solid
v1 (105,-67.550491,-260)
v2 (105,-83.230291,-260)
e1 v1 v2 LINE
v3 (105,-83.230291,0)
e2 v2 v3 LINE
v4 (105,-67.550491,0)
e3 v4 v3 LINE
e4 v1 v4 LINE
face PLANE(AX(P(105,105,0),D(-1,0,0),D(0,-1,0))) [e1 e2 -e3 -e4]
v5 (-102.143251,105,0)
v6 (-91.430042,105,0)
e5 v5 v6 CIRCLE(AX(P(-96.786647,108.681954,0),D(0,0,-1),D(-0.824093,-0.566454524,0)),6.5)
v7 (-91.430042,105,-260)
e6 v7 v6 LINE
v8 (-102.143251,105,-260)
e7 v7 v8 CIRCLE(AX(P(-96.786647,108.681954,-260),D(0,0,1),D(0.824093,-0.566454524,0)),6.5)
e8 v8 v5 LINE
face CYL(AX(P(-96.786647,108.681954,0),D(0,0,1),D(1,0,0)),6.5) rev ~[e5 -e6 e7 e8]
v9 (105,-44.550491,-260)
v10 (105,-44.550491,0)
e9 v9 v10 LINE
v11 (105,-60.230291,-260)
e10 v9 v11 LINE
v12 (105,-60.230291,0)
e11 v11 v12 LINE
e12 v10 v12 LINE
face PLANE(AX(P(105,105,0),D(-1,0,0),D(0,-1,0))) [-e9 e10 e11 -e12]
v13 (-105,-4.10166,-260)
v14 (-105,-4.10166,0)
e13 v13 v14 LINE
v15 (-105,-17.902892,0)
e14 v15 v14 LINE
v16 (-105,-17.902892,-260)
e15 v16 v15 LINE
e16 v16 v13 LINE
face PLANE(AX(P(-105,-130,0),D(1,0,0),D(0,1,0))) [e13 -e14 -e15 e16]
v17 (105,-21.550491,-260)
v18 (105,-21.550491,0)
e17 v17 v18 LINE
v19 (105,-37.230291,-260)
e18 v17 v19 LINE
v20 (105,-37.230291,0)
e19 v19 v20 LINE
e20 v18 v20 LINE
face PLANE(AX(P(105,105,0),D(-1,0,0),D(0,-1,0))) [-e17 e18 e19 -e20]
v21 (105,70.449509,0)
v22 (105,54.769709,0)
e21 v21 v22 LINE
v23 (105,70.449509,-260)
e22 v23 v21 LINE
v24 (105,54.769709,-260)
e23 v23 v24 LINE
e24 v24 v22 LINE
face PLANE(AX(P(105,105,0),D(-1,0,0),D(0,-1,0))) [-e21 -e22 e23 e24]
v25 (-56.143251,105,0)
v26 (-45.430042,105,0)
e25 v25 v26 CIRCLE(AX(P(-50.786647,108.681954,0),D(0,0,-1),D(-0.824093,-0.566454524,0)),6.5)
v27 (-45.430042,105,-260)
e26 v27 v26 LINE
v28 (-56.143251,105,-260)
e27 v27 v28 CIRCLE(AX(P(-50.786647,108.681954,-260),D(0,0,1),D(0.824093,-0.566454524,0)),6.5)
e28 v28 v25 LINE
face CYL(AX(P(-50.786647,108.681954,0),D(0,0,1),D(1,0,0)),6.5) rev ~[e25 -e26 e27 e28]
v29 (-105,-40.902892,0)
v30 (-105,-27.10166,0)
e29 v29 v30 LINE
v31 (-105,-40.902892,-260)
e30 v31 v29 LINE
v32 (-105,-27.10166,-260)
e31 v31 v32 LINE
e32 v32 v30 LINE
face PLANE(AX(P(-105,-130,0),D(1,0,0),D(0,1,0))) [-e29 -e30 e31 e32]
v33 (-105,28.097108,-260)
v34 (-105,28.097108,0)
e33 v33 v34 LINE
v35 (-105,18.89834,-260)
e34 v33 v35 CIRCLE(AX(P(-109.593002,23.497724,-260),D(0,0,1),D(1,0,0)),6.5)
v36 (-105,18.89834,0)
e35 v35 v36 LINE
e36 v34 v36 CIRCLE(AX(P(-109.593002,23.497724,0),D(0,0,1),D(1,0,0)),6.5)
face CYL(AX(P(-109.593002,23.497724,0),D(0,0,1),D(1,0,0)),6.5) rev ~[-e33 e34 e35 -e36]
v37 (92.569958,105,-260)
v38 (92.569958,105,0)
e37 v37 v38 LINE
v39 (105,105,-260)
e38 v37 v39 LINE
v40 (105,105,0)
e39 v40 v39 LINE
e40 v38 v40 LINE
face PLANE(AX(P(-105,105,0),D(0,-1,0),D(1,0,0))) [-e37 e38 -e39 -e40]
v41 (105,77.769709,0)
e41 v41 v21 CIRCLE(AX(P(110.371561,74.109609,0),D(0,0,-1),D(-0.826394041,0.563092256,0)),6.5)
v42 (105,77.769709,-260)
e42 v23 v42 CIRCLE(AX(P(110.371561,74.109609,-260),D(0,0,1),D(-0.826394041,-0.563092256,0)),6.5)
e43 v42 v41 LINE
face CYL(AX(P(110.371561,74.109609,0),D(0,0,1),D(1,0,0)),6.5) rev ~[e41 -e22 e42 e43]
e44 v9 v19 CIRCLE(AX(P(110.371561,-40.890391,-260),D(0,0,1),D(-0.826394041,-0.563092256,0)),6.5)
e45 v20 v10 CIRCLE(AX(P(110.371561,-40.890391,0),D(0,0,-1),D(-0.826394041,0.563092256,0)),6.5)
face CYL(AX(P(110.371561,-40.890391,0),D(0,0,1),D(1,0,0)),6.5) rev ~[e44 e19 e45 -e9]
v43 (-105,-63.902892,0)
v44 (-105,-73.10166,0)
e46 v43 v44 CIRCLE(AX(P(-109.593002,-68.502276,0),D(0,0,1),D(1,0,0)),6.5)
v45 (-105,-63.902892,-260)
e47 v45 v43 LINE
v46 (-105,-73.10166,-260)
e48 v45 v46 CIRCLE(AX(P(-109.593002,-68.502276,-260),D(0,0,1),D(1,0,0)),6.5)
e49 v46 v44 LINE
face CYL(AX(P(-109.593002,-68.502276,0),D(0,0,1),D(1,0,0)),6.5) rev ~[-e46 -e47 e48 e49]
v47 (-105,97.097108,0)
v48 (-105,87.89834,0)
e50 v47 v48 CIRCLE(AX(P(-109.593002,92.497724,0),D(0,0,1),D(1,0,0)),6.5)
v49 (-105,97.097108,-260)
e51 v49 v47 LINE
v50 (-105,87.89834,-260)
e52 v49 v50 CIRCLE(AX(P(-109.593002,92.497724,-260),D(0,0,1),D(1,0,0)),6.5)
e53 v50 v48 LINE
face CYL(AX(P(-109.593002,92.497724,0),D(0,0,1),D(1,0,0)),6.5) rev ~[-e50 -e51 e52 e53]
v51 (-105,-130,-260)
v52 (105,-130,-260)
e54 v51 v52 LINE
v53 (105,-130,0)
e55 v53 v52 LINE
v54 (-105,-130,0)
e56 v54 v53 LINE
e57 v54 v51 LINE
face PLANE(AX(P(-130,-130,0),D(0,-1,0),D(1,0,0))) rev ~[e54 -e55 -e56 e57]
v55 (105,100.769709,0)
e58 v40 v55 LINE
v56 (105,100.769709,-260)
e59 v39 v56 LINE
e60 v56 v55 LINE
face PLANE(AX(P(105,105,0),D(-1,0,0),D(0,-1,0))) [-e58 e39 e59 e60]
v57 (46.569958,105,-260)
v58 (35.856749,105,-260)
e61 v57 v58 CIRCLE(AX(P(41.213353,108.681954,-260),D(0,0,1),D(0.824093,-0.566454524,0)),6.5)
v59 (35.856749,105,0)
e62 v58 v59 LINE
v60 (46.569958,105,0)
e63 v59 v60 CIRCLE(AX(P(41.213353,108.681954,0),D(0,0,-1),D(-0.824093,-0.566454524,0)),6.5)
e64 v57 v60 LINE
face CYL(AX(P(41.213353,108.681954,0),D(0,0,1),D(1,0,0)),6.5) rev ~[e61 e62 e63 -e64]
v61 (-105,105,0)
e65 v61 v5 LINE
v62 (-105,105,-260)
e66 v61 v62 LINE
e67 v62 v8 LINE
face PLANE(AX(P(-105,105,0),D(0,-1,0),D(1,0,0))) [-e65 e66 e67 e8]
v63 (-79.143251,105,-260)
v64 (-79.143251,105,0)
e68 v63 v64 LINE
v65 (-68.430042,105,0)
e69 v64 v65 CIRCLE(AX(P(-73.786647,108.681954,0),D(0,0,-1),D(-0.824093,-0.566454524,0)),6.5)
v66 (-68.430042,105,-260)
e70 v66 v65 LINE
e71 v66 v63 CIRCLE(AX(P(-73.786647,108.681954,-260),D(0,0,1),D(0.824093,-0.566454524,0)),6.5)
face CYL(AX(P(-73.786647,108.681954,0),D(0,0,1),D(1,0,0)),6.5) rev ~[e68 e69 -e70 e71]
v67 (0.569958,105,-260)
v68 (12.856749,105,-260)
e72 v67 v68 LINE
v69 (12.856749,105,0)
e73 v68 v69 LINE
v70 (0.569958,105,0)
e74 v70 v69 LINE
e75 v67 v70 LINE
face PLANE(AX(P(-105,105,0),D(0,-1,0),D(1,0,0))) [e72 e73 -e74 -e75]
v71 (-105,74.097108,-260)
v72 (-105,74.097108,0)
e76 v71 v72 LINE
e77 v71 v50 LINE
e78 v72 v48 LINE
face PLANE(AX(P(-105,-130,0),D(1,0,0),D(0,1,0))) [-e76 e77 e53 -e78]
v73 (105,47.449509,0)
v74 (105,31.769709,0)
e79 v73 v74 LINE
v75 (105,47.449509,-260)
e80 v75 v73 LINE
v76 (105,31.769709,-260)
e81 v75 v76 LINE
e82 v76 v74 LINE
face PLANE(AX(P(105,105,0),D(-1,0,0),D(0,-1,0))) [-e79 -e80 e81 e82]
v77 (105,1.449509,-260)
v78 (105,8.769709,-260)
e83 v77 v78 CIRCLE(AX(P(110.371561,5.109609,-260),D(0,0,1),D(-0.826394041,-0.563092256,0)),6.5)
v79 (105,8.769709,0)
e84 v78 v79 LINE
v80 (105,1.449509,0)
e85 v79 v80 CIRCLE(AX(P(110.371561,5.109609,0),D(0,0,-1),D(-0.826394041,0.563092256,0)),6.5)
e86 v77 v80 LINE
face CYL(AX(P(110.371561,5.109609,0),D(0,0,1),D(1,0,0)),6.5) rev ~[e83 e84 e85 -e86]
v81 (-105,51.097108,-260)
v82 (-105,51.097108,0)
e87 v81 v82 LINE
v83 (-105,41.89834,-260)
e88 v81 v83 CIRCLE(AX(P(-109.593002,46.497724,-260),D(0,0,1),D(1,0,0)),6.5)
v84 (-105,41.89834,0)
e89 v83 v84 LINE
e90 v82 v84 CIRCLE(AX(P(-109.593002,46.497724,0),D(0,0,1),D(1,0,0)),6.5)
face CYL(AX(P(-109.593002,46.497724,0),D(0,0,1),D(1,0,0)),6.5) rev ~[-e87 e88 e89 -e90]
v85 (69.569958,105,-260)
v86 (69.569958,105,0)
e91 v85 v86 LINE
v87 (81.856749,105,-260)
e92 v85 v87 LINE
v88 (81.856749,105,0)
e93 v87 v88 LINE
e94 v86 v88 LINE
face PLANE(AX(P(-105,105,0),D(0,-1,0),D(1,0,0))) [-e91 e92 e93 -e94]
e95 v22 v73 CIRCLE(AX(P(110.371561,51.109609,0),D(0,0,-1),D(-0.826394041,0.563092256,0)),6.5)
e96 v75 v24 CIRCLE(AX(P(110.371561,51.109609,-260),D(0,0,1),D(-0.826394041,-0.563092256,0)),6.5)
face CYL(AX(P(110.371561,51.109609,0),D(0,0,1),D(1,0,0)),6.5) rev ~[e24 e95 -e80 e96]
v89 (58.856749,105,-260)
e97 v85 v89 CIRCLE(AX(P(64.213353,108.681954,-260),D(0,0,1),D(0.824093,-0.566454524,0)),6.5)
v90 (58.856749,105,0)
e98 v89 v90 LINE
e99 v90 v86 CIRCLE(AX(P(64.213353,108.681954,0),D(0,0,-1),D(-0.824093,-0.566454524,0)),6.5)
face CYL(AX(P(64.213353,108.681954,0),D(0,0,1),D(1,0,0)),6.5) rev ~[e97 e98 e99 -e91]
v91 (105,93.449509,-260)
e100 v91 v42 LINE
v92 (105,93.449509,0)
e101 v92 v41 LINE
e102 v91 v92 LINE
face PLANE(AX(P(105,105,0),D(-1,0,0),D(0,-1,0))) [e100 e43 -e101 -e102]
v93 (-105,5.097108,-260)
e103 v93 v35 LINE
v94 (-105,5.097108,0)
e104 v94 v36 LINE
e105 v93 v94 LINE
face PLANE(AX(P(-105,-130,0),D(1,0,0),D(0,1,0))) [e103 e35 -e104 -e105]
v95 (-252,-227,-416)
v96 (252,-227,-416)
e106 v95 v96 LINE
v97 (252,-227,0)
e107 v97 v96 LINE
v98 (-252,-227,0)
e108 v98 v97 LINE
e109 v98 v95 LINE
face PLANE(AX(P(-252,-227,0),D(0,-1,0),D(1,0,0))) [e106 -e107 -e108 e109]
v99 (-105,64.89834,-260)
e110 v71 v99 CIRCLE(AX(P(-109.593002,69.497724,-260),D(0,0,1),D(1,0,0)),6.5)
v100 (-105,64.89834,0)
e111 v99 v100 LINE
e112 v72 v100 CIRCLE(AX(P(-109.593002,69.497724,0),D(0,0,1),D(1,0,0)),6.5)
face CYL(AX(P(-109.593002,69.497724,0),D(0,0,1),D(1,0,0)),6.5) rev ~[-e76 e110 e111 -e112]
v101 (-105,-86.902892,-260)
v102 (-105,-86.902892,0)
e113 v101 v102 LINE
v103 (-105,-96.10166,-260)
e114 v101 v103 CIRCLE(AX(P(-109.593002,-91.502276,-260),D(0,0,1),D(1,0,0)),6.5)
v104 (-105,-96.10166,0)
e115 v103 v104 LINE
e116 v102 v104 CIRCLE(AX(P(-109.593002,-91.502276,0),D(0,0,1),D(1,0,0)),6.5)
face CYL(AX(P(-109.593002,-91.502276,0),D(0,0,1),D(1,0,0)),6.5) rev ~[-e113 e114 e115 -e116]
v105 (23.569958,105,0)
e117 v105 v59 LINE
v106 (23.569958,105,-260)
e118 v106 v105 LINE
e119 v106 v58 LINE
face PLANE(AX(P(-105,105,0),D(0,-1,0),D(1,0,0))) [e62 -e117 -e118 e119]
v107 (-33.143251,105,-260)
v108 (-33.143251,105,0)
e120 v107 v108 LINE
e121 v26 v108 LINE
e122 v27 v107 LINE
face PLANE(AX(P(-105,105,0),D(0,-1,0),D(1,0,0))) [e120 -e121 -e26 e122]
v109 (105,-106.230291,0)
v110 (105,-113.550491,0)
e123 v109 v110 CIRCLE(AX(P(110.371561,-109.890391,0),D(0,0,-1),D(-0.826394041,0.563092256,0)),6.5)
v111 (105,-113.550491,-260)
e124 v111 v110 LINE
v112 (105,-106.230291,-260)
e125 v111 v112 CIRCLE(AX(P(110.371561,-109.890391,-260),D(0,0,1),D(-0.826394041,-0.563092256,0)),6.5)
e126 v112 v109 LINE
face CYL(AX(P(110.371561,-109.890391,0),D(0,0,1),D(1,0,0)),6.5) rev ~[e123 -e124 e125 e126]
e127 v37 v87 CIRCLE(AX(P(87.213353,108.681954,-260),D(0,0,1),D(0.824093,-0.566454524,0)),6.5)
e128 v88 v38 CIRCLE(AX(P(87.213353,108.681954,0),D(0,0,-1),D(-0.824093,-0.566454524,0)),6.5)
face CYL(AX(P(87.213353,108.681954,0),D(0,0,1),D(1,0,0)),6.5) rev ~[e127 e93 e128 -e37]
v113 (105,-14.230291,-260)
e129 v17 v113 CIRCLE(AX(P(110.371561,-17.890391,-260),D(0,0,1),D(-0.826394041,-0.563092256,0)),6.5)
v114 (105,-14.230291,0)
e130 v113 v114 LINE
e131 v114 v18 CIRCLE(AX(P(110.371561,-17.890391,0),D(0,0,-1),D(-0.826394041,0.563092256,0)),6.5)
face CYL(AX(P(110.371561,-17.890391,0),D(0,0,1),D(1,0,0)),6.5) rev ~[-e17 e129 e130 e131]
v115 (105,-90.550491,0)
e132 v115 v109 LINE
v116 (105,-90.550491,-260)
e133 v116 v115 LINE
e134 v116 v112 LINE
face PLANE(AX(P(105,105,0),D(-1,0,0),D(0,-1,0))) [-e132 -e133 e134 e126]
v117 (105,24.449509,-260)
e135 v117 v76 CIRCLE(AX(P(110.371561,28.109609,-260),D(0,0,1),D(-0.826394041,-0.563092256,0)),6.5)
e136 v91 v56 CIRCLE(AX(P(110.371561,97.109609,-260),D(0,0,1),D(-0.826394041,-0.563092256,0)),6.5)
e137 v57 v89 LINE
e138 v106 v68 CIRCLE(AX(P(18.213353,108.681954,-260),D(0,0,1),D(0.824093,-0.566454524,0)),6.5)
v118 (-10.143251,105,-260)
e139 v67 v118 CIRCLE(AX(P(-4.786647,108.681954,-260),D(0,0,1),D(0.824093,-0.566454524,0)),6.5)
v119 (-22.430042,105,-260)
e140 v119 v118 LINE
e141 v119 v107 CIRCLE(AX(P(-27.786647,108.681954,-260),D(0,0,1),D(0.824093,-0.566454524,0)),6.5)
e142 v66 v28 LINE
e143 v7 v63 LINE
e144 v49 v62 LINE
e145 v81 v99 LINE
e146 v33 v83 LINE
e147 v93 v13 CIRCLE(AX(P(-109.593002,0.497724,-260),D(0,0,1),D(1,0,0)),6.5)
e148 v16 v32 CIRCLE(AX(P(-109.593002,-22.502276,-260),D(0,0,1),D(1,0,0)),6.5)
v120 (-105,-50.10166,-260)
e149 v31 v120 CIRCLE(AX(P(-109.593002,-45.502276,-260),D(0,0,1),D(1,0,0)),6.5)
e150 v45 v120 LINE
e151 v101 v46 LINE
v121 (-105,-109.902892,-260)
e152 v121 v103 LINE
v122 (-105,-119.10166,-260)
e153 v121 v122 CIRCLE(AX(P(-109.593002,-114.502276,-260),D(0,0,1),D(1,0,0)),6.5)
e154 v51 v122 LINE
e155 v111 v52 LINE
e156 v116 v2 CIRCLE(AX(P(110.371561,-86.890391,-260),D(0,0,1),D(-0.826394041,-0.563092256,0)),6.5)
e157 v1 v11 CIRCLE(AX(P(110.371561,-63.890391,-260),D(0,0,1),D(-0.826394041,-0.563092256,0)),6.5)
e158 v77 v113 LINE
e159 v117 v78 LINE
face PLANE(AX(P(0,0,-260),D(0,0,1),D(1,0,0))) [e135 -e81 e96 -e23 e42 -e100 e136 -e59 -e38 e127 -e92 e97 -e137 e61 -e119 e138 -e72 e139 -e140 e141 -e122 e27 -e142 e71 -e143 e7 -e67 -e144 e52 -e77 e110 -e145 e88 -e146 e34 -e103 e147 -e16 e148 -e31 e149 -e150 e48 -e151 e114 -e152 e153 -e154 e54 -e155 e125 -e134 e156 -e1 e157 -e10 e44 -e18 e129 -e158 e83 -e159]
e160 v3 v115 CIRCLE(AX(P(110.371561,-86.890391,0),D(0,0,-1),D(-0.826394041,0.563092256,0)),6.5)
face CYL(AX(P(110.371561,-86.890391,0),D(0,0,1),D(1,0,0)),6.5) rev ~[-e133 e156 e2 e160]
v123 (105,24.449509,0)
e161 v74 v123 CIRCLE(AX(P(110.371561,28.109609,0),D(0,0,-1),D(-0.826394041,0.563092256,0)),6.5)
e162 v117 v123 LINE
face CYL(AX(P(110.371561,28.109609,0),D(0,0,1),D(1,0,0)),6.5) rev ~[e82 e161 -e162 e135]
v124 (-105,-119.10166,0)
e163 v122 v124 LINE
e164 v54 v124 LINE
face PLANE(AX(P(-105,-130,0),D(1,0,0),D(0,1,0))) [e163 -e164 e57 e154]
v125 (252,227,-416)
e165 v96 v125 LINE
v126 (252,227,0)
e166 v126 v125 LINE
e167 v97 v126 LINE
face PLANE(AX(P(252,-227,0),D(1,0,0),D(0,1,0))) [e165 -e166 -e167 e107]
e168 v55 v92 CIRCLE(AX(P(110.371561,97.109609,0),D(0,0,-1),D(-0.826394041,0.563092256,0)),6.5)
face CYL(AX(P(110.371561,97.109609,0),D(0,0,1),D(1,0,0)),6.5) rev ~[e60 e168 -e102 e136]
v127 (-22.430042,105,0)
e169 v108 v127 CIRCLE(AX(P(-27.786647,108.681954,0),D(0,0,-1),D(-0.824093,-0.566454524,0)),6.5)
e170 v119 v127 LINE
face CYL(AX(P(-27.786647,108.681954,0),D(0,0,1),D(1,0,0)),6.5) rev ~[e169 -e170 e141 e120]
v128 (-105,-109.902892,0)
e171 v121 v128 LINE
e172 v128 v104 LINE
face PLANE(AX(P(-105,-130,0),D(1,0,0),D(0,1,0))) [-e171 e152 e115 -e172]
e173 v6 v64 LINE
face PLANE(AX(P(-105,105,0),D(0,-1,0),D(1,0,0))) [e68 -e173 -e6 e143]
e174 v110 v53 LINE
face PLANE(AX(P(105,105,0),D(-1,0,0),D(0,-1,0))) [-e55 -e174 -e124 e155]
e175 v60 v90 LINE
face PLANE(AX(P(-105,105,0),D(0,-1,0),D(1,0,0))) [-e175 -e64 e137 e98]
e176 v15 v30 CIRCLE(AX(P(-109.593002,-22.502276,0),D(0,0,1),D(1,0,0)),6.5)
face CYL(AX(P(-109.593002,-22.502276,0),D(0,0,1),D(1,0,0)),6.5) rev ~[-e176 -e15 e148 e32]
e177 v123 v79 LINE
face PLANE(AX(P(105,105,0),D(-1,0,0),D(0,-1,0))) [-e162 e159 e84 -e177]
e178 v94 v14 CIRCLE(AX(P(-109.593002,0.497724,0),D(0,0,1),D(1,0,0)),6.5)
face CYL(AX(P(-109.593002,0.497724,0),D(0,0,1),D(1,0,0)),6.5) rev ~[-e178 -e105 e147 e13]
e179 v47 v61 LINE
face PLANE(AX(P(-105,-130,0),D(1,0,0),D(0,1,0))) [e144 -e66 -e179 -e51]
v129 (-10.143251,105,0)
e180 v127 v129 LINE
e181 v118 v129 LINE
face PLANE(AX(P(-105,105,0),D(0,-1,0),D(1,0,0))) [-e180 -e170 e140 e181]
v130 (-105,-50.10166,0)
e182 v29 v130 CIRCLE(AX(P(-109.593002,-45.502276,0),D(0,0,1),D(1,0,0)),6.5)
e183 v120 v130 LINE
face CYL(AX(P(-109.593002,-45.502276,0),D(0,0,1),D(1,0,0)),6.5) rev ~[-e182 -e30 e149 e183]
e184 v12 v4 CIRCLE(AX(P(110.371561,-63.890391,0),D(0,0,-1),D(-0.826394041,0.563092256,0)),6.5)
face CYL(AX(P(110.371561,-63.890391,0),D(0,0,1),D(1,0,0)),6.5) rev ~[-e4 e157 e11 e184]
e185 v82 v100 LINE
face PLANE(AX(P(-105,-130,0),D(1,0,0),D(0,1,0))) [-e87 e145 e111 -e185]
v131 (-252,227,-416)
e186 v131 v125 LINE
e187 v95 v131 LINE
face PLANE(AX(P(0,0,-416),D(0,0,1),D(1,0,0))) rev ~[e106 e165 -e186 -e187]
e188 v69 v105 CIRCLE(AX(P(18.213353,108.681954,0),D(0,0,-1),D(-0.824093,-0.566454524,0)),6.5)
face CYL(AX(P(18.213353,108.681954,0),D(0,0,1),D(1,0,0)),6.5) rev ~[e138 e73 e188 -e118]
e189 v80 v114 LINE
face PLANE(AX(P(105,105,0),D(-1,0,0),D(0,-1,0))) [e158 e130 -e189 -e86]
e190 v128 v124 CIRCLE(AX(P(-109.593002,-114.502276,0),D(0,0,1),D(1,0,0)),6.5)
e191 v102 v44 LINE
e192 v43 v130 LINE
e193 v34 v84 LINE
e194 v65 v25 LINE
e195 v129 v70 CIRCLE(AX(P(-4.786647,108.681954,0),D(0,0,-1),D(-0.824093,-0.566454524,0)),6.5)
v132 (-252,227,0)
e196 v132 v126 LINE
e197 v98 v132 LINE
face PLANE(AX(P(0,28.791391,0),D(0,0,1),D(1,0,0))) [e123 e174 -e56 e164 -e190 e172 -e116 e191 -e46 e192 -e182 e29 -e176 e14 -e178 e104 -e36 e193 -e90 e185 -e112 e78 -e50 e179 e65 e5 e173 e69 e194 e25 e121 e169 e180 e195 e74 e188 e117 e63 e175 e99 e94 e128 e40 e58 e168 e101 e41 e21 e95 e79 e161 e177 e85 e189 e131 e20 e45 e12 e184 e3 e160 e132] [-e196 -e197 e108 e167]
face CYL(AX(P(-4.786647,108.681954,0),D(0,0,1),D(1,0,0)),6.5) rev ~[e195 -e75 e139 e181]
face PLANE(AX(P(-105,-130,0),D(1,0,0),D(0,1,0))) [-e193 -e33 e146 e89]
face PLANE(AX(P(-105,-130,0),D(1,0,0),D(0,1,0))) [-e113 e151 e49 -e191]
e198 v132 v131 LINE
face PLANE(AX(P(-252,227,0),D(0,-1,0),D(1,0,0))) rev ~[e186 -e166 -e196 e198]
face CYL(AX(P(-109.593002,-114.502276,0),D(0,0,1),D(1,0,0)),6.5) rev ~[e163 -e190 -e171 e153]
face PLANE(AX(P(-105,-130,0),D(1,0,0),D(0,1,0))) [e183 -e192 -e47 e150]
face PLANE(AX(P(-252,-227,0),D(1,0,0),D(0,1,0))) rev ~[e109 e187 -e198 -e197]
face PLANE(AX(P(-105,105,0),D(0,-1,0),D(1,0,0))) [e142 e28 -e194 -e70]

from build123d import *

# Parameters (mm, degrees)
SKETCH1_W           = 504
SKETCH1_H           = 454
BOSS_EXTRUDE1_DEPTH = 416
SKETCH2_W           = 260
SKETCH2_H           = 260
CUT_EXTRUDE1_DEPTH  = 260
BOSS_EXTRUDE2_DEPTH = 260
SKETCH6_R           = 6.5
CUT_EXTRUDE2_DEPTH  = 260
LPATTERN3_COUNT     = 10
LPATTERN3_PITCH     = 23
SKETCH7_R           = 6.5
CUT_EXTRUDE3_DEPTH  = 260
LPATTERN4_COUNT     = 10
LPATTERN4_PITCH     = 23
SKETCH8_R           = 6.5
CUT_EXTRUDE4_DEPTH  = 260
LPATTERN5_COUNT     = 9
LPATTERN5_PITCH     = 23


with BuildPart() as part:
    # Sketch1 → Boss-Extrude1 (new body)
    with BuildSketch(Plane.XY):
        Rectangle(SKETCH1_W, SKETCH1_H)
    extrude(amount=-BOSS_EXTRUDE1_DEPTH)

    # Sketch2 → Cut-Extrude1 (cut)
    with BuildSketch(Plane.XY):
        Rectangle(SKETCH2_W, SKETCH2_H)
    extrude(amount=-CUT_EXTRUDE1_DEPTH, mode=Mode.SUBTRACT)

    # Sketch5 → Boss-Extrude2 (add)
    with BuildSketch(Plane.XY):
        Polygon((-105, 130), (-130, 130), (-130, 105), (-130, -130), (-105, -130), (-105, 105), (105, 105), (105, -130), (130, -130), (130, 105), (130, 130), (105, 130), align=None)
    extrude(amount=-BOSS_EXTRUDE2_DEPTH)

    # Sketch6 → Cut-Extrude2 (cut)
    with BuildSketch(Plane.XY):
        with Locations((-109.593002072, 92.497724269)):
            Circle(SKETCH6_R)
    cut_extrude2 = extrude(amount=-CUT_EXTRUDE2_DEPTH, mode=Mode.SUBTRACT)

    # LPattern3: Cut-Extrude2 ×10
    with Locations(*[(0, -i * LPATTERN3_PITCH, 0) for i in range(1, LPATTERN3_COUNT)]):
        add(cut_extrude2, mode=Mode.SUBTRACT)

    # Sketch7 → Cut-Extrude3 (cut)
    with BuildSketch(Plane.XY):
        with Locations((110.371561269, 97.109609101)):
            Circle(SKETCH7_R)
    cut_extrude3 = extrude(amount=-CUT_EXTRUDE3_DEPTH, mode=Mode.SUBTRACT)

    # LPattern4: Cut-Extrude3 ×10
    with Locations(*[(0, -i * LPATTERN4_PITCH, 0) for i in range(1, LPATTERN4_COUNT)]):
        add(cut_extrude3, mode=Mode.SUBTRACT)

    # Sketch8 → Cut-Extrude4 (cut)
    with BuildSketch(Plane.XY):
        with Locations((-96.786646696, 108.681954404)):
            Circle(SKETCH8_R)
    cut_extrude4 = extrude(amount=-CUT_EXTRUDE4_DEPTH, mode=Mode.SUBTRACT)

    # LPattern5: Cut-Extrude4 ×9
    with Locations(*[(i * LPATTERN5_PITCH, 0, 0) for i in range(1, LPATTERN5_COUNT)]):
        add(cut_extrude4, mode=Mode.SUBTRACT)


solid = part.part
